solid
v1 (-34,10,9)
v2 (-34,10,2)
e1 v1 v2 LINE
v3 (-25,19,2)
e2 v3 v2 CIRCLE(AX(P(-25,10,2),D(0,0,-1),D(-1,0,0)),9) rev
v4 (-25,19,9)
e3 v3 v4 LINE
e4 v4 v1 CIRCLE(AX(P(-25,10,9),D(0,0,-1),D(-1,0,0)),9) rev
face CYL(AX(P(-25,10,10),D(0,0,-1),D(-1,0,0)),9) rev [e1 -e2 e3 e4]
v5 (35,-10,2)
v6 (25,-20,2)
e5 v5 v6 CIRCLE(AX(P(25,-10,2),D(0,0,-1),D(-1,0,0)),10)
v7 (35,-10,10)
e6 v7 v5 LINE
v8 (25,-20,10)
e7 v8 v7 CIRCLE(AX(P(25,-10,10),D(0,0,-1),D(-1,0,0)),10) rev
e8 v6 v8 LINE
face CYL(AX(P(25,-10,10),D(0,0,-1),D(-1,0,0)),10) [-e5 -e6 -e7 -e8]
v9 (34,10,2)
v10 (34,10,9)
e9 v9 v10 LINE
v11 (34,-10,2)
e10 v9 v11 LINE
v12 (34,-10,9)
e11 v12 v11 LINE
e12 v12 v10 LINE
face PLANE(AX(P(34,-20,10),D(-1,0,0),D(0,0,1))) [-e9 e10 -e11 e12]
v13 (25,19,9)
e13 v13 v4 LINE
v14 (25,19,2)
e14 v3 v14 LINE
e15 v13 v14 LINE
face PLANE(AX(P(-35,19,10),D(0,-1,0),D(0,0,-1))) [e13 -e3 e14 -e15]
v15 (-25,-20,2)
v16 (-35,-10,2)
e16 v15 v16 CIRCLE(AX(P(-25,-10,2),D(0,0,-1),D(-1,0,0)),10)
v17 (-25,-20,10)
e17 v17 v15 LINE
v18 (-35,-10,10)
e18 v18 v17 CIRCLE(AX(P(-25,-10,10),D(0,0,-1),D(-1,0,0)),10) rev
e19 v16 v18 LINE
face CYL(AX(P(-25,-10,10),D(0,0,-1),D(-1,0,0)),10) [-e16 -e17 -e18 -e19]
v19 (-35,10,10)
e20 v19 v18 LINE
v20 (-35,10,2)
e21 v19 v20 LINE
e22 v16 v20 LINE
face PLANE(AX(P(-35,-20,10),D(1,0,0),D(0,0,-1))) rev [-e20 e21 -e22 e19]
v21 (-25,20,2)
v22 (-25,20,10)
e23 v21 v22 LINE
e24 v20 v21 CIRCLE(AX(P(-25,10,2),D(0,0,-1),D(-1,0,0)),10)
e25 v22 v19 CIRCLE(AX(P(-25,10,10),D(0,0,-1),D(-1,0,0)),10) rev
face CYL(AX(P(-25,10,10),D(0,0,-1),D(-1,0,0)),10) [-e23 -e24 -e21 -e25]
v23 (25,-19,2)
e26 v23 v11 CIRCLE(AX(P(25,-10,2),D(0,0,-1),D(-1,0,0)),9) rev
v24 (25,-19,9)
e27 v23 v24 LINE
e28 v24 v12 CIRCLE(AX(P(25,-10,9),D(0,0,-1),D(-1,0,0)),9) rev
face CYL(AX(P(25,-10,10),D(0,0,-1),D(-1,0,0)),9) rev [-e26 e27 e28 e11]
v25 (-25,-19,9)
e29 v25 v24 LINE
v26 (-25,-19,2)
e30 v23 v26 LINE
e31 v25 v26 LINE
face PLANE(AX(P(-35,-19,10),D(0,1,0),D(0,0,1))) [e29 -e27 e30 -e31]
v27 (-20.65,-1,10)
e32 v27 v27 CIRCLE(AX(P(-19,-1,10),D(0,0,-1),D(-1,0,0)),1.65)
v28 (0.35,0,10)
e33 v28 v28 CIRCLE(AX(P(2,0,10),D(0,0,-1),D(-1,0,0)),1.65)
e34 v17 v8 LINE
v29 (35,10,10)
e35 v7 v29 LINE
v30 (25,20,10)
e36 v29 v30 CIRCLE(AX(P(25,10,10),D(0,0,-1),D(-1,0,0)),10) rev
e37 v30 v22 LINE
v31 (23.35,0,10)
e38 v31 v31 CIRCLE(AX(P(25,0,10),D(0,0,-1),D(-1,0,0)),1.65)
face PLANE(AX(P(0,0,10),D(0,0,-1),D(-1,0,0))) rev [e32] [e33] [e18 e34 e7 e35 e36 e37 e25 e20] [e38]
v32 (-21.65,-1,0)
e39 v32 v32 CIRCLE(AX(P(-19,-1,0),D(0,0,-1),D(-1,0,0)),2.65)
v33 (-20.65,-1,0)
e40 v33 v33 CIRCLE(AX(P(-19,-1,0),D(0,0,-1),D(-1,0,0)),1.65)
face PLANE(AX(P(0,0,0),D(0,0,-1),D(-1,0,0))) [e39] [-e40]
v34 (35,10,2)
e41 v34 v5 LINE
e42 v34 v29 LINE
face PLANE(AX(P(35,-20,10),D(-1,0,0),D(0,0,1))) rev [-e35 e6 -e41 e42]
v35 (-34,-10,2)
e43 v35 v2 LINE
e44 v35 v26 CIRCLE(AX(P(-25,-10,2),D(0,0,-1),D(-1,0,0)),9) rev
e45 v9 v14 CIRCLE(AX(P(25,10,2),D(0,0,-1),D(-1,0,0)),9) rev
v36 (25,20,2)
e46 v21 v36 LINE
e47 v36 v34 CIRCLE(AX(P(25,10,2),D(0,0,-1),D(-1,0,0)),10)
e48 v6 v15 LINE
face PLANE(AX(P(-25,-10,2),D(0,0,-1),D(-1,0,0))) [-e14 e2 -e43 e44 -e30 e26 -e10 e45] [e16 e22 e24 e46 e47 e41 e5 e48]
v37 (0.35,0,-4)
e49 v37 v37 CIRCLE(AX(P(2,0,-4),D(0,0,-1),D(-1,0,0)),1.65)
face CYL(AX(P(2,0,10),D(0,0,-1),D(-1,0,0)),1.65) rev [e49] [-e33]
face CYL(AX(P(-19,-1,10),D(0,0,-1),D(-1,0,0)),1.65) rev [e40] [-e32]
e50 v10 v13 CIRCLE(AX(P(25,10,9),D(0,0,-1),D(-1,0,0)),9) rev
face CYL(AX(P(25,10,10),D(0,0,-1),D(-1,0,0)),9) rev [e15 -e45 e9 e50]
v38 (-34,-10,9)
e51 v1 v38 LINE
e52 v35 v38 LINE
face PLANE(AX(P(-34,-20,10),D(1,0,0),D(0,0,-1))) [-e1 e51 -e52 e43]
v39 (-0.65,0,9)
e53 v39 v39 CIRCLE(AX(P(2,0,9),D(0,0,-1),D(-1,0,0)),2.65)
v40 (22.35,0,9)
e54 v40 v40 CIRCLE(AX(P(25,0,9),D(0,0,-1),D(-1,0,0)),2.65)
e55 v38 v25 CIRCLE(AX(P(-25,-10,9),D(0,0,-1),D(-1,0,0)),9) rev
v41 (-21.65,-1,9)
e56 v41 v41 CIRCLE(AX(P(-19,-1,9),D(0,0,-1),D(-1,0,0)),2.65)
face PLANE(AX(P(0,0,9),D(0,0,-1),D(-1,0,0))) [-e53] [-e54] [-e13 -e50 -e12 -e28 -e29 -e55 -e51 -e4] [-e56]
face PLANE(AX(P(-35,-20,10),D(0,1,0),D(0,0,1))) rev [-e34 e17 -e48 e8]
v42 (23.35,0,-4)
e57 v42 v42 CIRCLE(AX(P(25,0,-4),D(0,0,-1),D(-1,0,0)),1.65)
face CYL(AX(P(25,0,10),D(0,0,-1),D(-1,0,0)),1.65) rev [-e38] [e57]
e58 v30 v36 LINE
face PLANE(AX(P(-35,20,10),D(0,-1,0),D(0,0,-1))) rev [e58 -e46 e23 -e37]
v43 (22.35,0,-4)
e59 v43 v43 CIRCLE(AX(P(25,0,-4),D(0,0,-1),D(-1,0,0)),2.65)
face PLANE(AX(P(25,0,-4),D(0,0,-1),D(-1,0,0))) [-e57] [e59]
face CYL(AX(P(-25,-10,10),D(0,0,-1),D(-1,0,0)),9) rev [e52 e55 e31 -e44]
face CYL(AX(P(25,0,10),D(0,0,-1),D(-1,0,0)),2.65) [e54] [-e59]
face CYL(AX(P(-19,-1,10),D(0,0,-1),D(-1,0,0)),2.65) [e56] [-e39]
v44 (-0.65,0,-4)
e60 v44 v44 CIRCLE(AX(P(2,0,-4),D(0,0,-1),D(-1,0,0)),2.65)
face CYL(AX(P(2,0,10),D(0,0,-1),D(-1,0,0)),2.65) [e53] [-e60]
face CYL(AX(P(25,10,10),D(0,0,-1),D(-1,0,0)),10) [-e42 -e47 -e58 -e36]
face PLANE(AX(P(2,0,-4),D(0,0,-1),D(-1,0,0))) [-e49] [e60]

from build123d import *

# Parameters (mm, degrees)
SKETCH1_W           = 70
SKETCH1_H           = 40
BOSS_EXTRUDE1_DEPTH = 10
SKETCH2_R           = 1.65
CUT_EXTRUDE1_DEPTH  = 11
FILLET1_R           = 10
SHELL2_T            = -1
SKETCH3_R           = 2.65
SKETCH3_R_2         = 1.65
BOSS_EXTRUDE2_DEPTH = 4
CUT_EXTRUDE2_DEPTH  = 2


with BuildPart() as part:
    # Sketch1 → Boss-Extrude1 (new body)
    with BuildSketch(Plane.XY):
        Rectangle(SKETCH1_W, SKETCH1_H)
    extrude(amount=BOSS_EXTRUDE1_DEPTH)

    # Sketch2 → Cut-Extrude1 (cut, through all)
    with BuildSketch(Plane(origin=(0, 0, 0), x_dir=(-1, 0, 0), z_dir=(0, 0, -1))):
        with Locations((-25, 0)):
            Circle(SKETCH2_R)
        with Locations((-2, 0)):
            Circle(SKETCH2_R)
        with Locations((19, -1)):
            Circle(SKETCH2_R)
    extrude(amount=-CUT_EXTRUDE1_DEPTH, mode=Mode.SUBTRACT)

    # Fillet1
    fillet1_edges = [part.edges().sort_by_distance(p)[0] for p in [
        (35, -20, 5),
        (-35, -20, 5),
        (-35, 20, 5),
        (35, 20, 5),
    ]]
    fillet(fillet1_edges, radius=FILLET1_R)

    # Shell2
    shell2_openings = [part.faces().sort_by_distance(p)[0] for p in [
        (23.35, 0, 0),
    ]]
    offset(amount=SHELL2_T, openings=shell2_openings, kind=Kind.INTERSECTION)

    # Sketch3 → Boss-Extrude2 (add)
    with BuildSketch(Plane(origin=(0, 0, 0), x_dir=(-1, 0, 0), z_dir=(0, 0, -1))):
        with Locations((-2, 0)):
            Circle(SKETCH3_R)
        with Locations((-2, 0)):
            Circle(SKETCH3_R_2, mode=Mode.SUBTRACT)
        with Locations((-25, 0)):
            Circle(SKETCH3_R)
        with Locations((-25, 0)):
            Circle(SKETCH3_R_2, mode=Mode.SUBTRACT)
    extrude(amount=BOSS_EXTRUDE2_DEPTH)

    # Sketch4 → Cut-Extrude2 (cut)
    with BuildSketch(Plane(origin=(0, 0, 0), x_dir=(-1, 0, 0), z_dir=(0, 0, -1))):
        with BuildLine():
            Line((35, -10), (35, 10))
            ThreePointArc((35, 10), (32.071067812, 17.071067812), (25, 20))
            Line((25, 20), (-25, 20))
            ThreePointArc((-25, 20), (-32.071067812, 17.071067812), (-35, 10))
            Line((-35, 10), (-35, -10))
            ThreePointArc((-35, -10), (-32.071067812, -17.071067812), (-25, -20))
            Line((-25, -20), (25, -20))
            ThreePointArc((25, -20), (32.071067812, -17.071067812), (35, -10))
        make_face()
        with BuildLine():
            Line((33, -10), (33, 10))
            ThreePointArc((33, 10), (30.656854249, 15.656854249), (25, 18))
            Line((25, 18), (-25, 18))
            ThreePointArc((-25, 18), (-30.656854249, 15.656854249), (-33, 10))
            Line((-33, 10), (-33, -10))
            ThreePointArc((-33, -10), (-30.656854249, -15.656854249), (-25, -18))
            Line((-25, -18), (25, -18))
            ThreePointArc((25, -18), (30.656854249, -15.656854249), (33, -10))
        make_face(mode=Mode.SUBTRACT)
    extrude(amount=-CUT_EXTRUDE2_DEPTH, mode=Mode.SUBTRACT)


solid = part.part
